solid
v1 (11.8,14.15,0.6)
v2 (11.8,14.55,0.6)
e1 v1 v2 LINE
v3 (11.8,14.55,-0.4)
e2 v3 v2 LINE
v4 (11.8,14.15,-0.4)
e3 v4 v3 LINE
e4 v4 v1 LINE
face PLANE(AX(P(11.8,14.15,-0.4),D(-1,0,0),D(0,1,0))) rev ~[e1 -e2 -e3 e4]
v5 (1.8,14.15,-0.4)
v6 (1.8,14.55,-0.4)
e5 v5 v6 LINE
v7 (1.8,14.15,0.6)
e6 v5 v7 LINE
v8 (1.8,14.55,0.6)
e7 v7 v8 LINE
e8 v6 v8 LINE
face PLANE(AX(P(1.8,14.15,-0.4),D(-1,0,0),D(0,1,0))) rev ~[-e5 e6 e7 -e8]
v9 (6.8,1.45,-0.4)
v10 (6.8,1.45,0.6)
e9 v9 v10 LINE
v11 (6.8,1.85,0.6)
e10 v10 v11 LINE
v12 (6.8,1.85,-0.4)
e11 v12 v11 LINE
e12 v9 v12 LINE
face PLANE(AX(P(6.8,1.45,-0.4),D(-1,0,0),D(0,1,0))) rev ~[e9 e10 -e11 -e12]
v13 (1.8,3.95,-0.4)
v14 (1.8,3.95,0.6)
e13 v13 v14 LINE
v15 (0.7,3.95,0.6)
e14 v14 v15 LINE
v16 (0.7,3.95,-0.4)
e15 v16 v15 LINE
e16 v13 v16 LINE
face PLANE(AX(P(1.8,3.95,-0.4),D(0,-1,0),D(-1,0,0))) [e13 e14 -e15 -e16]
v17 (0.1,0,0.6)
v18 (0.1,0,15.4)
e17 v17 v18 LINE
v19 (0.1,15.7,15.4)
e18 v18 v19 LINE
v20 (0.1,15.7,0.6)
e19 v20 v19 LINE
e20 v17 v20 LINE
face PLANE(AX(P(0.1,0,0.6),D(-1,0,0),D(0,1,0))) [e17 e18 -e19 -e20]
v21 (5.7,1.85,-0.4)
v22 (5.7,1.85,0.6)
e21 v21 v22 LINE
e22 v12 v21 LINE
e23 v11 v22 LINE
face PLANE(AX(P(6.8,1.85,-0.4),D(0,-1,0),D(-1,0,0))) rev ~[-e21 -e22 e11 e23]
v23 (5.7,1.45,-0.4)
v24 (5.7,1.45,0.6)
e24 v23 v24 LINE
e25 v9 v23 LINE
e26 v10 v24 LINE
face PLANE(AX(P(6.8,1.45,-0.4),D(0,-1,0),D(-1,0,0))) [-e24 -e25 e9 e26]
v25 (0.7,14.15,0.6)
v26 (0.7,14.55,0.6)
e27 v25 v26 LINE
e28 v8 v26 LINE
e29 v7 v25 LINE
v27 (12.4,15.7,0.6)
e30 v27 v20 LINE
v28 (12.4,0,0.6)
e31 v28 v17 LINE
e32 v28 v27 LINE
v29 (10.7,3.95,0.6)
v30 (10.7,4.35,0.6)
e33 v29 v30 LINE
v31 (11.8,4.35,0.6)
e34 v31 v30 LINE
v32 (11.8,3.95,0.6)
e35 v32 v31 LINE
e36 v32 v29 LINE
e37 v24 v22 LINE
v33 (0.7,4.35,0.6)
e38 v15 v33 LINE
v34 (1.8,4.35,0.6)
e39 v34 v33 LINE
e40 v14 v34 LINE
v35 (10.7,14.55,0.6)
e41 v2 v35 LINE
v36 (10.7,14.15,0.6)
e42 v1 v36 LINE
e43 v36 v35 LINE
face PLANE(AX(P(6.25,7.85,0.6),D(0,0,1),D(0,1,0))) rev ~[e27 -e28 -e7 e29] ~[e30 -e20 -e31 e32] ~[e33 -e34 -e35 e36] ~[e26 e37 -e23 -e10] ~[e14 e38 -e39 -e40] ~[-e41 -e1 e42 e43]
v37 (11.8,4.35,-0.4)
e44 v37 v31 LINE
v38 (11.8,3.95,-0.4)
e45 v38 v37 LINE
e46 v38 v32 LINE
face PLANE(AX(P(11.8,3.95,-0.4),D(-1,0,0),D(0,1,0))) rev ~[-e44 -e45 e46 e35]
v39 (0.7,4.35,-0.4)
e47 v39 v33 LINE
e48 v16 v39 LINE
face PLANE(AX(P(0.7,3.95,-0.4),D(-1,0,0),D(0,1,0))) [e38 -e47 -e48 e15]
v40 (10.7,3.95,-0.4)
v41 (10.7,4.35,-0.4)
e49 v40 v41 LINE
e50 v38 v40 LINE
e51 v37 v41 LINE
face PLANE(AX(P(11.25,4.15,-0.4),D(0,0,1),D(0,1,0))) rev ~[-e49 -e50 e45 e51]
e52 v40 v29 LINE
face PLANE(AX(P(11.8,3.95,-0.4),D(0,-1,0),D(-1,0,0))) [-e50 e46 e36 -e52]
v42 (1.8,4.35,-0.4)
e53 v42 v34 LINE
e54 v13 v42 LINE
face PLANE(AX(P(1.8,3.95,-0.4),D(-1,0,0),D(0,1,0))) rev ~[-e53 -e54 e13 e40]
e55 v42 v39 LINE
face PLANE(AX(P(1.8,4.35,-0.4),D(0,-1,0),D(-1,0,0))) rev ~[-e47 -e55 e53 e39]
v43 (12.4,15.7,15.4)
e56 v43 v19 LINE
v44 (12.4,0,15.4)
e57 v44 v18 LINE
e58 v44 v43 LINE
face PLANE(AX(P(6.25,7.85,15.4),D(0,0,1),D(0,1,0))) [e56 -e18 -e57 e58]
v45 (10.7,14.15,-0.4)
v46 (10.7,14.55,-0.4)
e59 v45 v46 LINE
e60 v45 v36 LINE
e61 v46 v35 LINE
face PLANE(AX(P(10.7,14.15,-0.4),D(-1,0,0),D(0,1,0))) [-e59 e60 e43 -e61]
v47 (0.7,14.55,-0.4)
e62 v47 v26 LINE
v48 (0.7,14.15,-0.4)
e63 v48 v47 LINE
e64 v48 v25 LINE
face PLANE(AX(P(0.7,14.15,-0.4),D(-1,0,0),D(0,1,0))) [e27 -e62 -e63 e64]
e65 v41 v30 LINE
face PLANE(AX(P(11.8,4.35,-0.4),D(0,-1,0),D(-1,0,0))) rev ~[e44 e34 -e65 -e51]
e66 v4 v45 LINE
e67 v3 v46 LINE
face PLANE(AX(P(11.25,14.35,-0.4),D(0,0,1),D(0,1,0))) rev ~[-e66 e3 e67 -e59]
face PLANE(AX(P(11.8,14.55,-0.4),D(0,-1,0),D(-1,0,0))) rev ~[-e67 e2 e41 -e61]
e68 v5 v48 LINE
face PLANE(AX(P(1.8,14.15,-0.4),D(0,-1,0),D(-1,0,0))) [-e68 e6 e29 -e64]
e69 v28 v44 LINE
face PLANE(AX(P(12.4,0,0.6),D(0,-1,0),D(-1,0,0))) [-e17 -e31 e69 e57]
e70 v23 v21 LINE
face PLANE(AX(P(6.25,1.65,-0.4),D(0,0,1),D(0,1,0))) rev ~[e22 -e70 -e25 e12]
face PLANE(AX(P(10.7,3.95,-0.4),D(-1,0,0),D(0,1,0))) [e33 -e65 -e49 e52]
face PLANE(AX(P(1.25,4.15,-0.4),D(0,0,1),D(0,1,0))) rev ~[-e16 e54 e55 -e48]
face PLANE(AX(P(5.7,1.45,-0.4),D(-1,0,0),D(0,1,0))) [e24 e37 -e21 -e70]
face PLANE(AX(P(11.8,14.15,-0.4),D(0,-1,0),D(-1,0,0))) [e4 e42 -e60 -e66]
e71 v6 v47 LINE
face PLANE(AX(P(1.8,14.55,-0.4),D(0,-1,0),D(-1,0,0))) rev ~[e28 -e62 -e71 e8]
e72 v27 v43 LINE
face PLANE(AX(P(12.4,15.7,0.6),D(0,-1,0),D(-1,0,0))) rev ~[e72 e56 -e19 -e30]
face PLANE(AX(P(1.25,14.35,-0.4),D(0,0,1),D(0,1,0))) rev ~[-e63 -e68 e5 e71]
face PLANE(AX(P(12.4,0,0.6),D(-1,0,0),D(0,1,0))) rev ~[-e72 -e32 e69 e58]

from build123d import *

# Parameters (mm, degrees)
BOX007_W                  = 0.4
BOX007_H                  = 1.1
BOX007_DEPTH              = 2.5
BOX005_W                  = 0.4
BOX005_H                  = 1.1
BOX005_DEPTH              = 2.5
BOX006_W                  = 0.4
BOX006_H                  = 1.1
BOX006_DEPTH              = 2.5
BOX008_W                  = 0.4
BOX008_H                  = 1.1
BOX008_DEPTH              = 2.5
BOX004_W                  = 15.7
BOX004_H                  = 12.3
BOX004_DEPTH              = 14.8
BOX009_W                  = 0.4
BOX009_H                  = 1.1
BOX009_DEPTH              = 2.5
FUSION001_PLACEMENT_ANGLE = 90


with BuildPart() as pata004:
    # Box007 → Box007 (new body)
    with BuildSketch(Plane(origin=(3.95, 10.6, -2), x_dir=(1, 0, 0), z_dir=(0, 0, 1))):
        with Locations((0.2, 0.55)):
            Rectangle(BOX007_W, BOX007_H)
    extrude(amount=BOX007_DEPTH)


with BuildPart() as pata002:
    # Box005 → Box005 (new body)
    with BuildSketch(Plane(origin=(1.45, 5.6, -2), x_dir=(1, 0, 0), z_dir=(0, 0, 1))):
        with Locations((0.2, 0.55)):
            Rectangle(BOX005_W, BOX005_H)
    extrude(amount=BOX005_DEPTH)


with BuildPart() as pata003:
    # Box006 → Box006 (new body)
    with BuildSketch(Plane(origin=(14.15, 10.6, -2), x_dir=(1, 0, 0), z_dir=(0, 0, 1))):
        with Locations((0.2, 0.55)):
            Rectangle(BOX006_W, BOX006_H)
    extrude(amount=BOX006_DEPTH)


with BuildPart() as pata005:
    # Box008 → Box008 (new body)
    with BuildSketch(Plane(origin=(14.15, 0.6, -2), x_dir=(1, 0, 0), z_dir=(0, 0, 1))):
        with Locations((0.2, 0.55)):
            Rectangle(BOX008_W, BOX008_H)
    extrude(amount=BOX008_DEPTH)


with BuildPart() as cuerpo:
    # Box004 → Box004 (new body)
    with BuildSketch(Plane.XY.offset(-1)):
        with Locations((7.85, 6.15)):
            Rectangle(BOX004_W, BOX004_H)
    extrude(amount=BOX004_DEPTH)


with BuildPart() as relay:
    # Box009 → Box009 (new body)
    with BuildSketch(Plane(origin=(3.95, 0.6, -2), x_dir=(1, 0, 0), z_dir=(0, 0, 1))):
        with Locations((0.2, 0.55)):
            Rectangle(BOX009_W, BOX009_H)
    extrude(amount=BOX009_DEPTH)

    # Fusion001: union pata004, pata002, pata003, pata005, cuerpo
    add(pata004.part)
    add(pata002.part)
    add(pata003.part)
    add(pata005.part)
    add(cuerpo.part)


with BuildPart() as relay_1:
    # Fusion001 placement: moved
    add(relay.part.moved(Location((12.4, 0, 1.6))).rotate(Axis((12.4, 0, 1.6), (0, 0, 1)), FUSION001_PLACEMENT_ANGLE))


solid = relay_1.part
